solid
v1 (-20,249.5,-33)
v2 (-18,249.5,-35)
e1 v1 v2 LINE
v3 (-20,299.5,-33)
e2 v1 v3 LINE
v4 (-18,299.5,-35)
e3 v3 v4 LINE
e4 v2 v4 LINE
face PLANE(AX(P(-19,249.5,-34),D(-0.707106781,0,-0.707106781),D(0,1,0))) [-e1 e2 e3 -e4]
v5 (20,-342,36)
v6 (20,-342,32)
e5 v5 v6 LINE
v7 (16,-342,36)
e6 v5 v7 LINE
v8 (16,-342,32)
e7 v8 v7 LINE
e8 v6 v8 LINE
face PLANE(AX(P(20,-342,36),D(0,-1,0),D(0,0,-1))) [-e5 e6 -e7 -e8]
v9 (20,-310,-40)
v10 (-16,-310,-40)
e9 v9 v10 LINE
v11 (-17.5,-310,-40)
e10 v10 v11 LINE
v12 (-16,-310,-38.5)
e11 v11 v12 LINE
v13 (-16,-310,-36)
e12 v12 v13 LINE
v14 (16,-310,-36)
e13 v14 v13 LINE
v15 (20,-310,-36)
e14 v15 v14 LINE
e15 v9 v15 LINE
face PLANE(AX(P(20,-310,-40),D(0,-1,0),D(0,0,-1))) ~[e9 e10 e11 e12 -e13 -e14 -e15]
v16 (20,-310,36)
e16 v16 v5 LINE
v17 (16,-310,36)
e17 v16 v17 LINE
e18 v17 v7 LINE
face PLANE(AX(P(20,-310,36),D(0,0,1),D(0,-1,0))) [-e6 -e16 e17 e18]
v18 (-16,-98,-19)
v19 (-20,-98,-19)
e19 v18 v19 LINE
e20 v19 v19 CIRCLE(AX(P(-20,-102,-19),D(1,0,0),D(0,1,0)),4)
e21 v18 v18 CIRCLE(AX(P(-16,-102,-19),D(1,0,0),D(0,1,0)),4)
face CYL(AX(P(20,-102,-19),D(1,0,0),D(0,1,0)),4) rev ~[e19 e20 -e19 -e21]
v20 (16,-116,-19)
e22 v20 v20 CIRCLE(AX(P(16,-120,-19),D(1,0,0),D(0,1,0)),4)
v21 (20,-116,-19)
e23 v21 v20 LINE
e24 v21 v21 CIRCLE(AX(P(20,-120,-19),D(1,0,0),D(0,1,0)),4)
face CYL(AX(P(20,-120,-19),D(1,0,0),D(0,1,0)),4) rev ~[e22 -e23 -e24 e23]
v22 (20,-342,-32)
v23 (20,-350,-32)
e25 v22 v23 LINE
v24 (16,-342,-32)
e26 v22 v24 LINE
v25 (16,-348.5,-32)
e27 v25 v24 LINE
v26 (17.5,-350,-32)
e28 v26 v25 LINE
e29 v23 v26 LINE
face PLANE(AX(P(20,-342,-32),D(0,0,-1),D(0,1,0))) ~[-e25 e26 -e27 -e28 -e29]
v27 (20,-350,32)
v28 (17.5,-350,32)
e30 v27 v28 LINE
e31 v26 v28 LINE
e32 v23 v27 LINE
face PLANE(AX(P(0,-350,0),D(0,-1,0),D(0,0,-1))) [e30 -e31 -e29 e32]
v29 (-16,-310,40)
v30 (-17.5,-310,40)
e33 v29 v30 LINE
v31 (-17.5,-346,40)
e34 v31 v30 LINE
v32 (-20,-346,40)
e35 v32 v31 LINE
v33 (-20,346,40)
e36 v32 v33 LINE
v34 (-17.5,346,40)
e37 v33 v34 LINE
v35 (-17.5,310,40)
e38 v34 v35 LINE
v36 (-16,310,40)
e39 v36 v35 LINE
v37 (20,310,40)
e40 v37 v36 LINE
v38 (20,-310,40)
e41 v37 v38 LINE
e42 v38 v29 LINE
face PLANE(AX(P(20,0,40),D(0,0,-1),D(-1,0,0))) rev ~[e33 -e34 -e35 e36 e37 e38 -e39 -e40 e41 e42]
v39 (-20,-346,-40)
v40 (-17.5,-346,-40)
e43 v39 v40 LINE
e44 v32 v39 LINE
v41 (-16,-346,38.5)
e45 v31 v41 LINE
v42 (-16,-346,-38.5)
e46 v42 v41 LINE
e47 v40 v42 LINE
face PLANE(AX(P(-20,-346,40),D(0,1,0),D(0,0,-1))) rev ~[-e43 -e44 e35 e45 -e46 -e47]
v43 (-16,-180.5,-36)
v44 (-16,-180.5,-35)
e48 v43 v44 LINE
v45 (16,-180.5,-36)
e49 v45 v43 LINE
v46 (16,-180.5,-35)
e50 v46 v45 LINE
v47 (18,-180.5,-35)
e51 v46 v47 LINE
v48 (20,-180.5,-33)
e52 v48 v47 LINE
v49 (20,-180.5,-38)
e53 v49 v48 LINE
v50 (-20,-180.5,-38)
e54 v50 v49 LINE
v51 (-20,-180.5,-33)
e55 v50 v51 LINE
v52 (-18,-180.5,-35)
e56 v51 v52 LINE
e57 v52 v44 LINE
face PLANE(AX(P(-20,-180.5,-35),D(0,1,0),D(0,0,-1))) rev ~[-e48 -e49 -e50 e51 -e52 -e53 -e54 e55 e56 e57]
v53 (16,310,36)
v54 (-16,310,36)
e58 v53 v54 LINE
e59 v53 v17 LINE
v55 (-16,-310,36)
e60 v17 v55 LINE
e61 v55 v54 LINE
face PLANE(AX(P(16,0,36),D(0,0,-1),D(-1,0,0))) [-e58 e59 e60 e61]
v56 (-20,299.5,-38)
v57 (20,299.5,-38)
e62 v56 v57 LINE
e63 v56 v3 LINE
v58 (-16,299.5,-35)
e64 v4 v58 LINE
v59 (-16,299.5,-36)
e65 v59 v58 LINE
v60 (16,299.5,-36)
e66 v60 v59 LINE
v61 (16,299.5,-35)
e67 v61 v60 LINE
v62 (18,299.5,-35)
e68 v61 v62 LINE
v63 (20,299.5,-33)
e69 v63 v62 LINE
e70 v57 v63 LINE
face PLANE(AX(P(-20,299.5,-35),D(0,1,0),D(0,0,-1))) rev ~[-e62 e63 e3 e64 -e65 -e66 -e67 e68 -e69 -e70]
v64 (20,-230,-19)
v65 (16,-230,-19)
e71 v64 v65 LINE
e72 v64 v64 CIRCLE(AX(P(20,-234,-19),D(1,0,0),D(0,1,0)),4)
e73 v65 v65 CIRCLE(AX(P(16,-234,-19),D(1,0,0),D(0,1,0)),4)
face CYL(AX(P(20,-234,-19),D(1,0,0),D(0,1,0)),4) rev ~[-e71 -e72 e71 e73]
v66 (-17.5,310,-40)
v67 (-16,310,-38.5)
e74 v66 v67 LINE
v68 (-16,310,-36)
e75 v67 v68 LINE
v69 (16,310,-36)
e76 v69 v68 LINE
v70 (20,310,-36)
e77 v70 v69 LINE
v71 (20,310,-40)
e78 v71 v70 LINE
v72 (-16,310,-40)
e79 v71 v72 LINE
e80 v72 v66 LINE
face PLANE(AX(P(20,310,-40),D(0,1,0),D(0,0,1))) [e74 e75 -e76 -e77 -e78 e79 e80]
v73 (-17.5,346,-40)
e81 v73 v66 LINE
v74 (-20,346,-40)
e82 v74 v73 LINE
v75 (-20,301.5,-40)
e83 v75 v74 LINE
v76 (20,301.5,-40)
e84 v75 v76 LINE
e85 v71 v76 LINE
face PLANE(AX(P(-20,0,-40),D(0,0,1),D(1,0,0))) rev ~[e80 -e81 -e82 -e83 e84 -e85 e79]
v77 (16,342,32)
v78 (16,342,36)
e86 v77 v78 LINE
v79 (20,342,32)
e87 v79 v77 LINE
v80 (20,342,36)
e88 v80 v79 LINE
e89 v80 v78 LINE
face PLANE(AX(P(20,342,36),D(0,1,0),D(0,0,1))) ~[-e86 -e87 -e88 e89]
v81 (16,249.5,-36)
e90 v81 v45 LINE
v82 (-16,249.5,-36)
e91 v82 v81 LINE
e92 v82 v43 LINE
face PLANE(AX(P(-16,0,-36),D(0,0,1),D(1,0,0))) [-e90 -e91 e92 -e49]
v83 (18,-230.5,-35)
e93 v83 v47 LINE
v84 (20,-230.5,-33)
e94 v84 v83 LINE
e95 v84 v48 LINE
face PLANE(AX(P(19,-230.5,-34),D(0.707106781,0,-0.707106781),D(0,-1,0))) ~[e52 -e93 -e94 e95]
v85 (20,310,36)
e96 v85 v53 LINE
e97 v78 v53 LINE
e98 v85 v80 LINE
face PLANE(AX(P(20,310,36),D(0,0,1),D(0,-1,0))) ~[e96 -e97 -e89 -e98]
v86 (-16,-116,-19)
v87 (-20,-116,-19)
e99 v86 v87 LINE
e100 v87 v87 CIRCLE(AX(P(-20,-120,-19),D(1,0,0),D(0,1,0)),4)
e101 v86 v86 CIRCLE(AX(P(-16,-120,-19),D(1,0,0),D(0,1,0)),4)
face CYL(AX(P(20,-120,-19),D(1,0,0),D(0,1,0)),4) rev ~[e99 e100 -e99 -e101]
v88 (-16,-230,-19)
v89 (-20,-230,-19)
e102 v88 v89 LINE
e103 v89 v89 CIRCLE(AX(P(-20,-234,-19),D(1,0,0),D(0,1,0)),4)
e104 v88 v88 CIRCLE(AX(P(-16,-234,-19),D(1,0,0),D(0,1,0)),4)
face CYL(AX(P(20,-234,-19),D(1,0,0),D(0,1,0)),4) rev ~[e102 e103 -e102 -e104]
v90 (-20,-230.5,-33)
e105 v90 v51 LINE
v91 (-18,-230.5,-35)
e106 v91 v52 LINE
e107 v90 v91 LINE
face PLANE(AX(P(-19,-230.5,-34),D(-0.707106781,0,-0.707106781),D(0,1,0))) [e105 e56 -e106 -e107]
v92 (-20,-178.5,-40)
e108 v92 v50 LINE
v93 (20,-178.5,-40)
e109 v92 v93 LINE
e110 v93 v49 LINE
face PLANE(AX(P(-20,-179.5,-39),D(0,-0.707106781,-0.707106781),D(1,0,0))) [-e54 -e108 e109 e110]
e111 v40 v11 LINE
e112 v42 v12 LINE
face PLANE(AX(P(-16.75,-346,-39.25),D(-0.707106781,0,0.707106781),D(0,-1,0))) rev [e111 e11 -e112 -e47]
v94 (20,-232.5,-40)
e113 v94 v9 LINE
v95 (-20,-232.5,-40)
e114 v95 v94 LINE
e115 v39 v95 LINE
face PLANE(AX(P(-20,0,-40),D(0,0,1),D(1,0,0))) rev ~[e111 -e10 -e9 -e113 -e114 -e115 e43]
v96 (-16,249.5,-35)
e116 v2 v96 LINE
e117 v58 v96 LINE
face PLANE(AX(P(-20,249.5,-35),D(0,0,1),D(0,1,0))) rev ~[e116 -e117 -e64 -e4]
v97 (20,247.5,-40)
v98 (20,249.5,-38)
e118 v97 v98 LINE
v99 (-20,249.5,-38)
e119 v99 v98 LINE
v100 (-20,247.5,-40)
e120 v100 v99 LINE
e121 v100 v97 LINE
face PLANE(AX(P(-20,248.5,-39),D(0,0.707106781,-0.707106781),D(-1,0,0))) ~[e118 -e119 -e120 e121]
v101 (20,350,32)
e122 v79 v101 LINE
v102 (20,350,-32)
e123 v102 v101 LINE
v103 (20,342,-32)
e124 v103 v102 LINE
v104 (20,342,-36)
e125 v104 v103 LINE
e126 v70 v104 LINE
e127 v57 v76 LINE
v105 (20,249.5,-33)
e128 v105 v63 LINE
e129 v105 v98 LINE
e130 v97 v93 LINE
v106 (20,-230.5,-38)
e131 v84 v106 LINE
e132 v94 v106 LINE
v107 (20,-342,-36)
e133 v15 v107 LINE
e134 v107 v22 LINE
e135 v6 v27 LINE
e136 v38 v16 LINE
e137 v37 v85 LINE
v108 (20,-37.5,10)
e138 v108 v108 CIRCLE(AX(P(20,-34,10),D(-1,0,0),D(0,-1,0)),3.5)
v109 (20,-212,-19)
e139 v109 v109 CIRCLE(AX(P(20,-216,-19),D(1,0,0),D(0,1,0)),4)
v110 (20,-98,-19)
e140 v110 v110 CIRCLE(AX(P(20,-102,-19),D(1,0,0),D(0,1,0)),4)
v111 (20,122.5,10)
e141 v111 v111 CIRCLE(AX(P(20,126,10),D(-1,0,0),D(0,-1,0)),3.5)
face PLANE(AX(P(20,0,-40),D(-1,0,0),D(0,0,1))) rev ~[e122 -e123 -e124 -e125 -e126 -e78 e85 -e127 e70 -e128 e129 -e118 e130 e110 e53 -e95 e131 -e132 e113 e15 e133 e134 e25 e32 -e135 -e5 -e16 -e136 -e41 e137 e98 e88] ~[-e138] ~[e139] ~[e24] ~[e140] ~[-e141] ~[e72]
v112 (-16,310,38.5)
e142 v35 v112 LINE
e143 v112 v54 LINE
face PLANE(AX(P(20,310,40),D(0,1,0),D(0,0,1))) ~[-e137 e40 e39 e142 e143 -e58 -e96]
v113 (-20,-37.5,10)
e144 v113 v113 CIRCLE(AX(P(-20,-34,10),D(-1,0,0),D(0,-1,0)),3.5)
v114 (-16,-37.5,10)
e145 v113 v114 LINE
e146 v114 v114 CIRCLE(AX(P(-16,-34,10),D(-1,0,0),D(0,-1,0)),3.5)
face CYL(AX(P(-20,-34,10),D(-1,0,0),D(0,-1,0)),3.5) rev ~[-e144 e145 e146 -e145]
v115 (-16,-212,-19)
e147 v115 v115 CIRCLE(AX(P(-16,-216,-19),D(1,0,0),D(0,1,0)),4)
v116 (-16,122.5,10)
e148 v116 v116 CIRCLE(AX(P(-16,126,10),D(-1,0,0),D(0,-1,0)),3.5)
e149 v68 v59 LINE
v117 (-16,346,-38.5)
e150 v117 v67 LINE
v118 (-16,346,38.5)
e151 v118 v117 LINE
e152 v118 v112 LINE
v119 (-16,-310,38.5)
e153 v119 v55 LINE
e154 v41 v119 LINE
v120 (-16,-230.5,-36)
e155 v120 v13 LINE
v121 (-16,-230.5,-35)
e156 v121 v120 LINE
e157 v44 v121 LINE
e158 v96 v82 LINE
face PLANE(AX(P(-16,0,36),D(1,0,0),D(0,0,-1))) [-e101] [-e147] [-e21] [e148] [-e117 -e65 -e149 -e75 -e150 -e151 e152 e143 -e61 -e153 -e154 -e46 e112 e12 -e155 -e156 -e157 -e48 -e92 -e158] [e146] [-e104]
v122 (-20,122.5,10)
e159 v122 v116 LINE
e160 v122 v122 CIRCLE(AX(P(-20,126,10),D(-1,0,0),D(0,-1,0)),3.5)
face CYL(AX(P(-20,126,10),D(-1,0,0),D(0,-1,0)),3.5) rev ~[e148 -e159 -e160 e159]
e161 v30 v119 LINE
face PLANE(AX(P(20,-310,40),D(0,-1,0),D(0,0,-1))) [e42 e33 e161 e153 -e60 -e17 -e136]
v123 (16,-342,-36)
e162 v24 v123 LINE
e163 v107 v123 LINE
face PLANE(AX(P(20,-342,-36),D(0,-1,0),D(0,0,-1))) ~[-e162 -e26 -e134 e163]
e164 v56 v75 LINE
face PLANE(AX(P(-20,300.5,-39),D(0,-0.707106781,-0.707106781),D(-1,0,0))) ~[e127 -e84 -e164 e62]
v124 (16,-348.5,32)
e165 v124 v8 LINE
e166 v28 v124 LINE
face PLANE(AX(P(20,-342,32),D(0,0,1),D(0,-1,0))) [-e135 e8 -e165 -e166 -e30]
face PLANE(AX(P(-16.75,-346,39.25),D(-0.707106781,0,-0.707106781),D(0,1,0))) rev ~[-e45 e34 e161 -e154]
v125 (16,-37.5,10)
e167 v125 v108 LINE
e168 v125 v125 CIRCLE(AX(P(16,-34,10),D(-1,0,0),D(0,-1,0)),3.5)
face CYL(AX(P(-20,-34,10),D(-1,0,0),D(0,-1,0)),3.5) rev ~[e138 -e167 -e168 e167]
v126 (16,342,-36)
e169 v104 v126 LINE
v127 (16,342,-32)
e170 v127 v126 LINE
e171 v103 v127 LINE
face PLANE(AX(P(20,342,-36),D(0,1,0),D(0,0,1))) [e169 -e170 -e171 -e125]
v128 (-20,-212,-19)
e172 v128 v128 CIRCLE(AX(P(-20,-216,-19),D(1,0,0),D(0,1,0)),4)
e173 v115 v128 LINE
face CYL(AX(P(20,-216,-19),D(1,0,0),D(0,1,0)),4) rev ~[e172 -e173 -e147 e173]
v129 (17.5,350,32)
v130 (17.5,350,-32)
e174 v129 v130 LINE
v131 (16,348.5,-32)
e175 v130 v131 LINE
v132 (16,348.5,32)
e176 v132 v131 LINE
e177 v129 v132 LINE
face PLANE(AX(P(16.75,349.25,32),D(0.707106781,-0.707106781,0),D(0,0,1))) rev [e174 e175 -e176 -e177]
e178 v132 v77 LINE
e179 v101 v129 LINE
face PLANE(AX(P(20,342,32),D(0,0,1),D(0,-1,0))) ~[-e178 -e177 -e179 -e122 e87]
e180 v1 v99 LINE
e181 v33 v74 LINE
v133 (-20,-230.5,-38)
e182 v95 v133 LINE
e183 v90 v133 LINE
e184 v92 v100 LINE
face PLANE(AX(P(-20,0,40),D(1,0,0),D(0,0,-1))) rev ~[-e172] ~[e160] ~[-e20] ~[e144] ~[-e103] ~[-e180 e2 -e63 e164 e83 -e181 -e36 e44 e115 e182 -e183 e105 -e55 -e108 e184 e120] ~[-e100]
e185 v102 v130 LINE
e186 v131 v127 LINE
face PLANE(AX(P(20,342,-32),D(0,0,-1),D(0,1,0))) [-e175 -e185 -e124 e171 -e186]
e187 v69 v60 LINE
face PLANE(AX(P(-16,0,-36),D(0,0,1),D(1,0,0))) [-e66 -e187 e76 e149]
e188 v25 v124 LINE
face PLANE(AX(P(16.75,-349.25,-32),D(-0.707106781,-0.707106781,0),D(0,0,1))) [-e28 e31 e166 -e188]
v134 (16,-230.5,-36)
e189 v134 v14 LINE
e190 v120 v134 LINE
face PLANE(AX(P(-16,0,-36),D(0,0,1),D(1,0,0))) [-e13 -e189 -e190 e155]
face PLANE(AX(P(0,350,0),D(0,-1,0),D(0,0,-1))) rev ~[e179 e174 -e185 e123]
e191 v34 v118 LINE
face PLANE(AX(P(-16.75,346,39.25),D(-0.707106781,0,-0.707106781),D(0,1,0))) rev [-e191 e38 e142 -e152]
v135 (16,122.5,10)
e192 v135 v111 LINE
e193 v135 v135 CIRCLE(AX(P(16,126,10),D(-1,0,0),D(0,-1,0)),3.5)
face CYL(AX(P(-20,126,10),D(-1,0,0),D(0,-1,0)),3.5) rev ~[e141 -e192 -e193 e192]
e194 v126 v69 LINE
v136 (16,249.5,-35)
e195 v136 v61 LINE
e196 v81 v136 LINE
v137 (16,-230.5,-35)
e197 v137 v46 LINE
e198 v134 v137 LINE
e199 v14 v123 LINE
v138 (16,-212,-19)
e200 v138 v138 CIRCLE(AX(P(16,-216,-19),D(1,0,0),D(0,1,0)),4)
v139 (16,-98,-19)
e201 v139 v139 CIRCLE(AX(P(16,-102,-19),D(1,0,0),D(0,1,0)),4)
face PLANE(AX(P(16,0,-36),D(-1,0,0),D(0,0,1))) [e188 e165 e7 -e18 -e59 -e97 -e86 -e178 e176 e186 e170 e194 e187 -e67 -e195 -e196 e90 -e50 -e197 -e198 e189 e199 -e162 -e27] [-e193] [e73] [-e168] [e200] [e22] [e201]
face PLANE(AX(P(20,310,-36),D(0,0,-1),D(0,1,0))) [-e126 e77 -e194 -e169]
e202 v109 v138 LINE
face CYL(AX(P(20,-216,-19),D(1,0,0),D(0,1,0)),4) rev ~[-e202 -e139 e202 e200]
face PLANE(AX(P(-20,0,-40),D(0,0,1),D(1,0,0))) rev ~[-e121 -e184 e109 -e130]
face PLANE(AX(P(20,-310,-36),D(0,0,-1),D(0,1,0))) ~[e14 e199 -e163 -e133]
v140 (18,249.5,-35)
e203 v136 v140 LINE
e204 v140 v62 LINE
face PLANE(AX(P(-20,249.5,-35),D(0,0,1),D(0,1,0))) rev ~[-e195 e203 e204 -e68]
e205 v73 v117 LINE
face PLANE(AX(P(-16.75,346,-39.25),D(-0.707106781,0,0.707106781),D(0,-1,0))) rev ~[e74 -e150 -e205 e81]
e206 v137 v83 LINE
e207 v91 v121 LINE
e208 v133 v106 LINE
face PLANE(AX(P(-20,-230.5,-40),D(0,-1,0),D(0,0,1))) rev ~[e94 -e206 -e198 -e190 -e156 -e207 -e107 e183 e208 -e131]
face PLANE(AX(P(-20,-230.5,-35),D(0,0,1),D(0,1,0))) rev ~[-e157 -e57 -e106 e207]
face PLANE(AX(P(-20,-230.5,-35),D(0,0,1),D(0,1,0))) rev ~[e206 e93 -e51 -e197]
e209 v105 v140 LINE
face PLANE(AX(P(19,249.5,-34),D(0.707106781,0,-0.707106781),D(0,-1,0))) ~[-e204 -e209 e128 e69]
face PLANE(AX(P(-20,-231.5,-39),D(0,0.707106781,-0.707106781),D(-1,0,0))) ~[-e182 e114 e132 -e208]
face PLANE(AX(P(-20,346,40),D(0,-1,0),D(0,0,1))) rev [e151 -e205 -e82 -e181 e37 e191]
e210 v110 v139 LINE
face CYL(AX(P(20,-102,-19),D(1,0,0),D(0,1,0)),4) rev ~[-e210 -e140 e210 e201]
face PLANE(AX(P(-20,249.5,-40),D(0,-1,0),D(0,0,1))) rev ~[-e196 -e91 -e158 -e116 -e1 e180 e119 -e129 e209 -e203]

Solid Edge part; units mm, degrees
sketch "Sketch1" plane through (0, 0, 0) normal (0, -1, 0) x (1, 0, 0)
  line L0 (-16, -36) -> (16, -36)
  line L1 (16, -36) -> (16, 36)
  line L2 (16, 36) -> (-16, 36)
  line L3 (-16, 36) -> (-16, -36)
  line L4 (-20, -40) -> (20, -40)
  line L5 (20, -40) -> (20, 40)
  line L6 (20, 40) -> (-20, 40)
  line L7 (-20, 40) -> (-20, -40)
  dimension "D1" = 40
  dimension "D2" = 4
  dimension "D3" = 80
  dimension "D4" = 4
extrude "Protrusion1" add sketch "Sketch1" along normal mid plane 700
sketch "Sketch2" plane through (-20, 0, 0) normal (-1, 0, 0) x (0, -1, 0)
  line L0 (180.5, -40) -> (230.5, -40)
  line L1 (230.5, -40) -> (230.5, -35)
  line L2 (230.5, -35) -> (180.5, -35)
  line L3 (180.5, -35) -> (180.5, -40)
  line L4 (-299.5, -40) -> (-249.5, -40)
  line L5 (-249.5, -40) -> (-249.5, -35)
  line L6 (-249.5, -35) -> (-299.5, -35)
  line L7 (-299.5, -35) -> (-299.5, -40)
  dimension "D1" = 50
  dimension "D2" = 5
  dimension "D3" = 75.5
  dimension "D4" = 50
  dimension "D5" = 5
  dimension "D6" = 144.5
extrude "Cutout1" cut sketch "Sketch2" against normal through all
chamfer "Chamfer1" distance 2 angle 45 2 edges at (0, -230.5, -40) (0, -180.5, -40)
chamfer "Fase_5" distance 2 angle 45 2 edges at (0, 249.5, -40) (0, 299.5, -40)
chamfer "Fase_6" distance 2 angle 45 2 edges at (20, 274.5, -35) (-20, 274.5, -35)
chamfer "Fase_7" distance 2 angle 45 2 edges at (20, -205.5, -35) (-20, -205.5, -35)
sketch "Sketch3" plane through (20, 0, 0) normal (1, 0, 0) x (0, 1, 0)
  circle A0 centre (-216, -19) radius 4
  circle A1 centre (-120, -19) radius 4
  circle A2 centre (-102, -19) radius 4
  circle A3 centre (-234, -19) radius 4
  dimension "D1" = 18
  dimension "D2" = 18
  dimension "D3" = 8
  dimension "D4" = 96
  dimension "D5" = 59
  dimension "D6" = 116
extrude "Cutout2" cut sketch "Sketch3" against normal through all
sketch "Sketch4" plane through (-20, 0, 0) normal (-1, 0, 0) x (0, -1, 0)
  circle A0 centre (-126, 10) radius 3.5
  circle A1 centre (34, 10) radius 3.5
  dimension "D1" = 7
  dimension "D2" = 160
  dimension "D3" = 30
  dimension "D4" = 224
extrude "Cutout3" cut sketch "Sketch4" against normal through all
sketch "Sketch5" plane through (-20, -2, 0) normal (-1, 0, 0) x (0, -1, 0)
  line L0 (348, 40) -> (344, 40)
  line L1 (344, 40) -> (344, -40)
  line L2 (344, -40) -> (348, -40)
  line L3 (348, -40) -> (348, 40)
  dimension "D1" = 4
extrude "Cutout4" cut sketch "Sketch5" against normal up to vertex (36 mm away)
sketch "Sketch6" plane through (20, 0, 0) normal (1, 0, 0) x (0, 1, 0)
  line L0 (-350, 40) -> (-310, 40)
  line L1 (-310, 40) -> (-310, 36)
  line L2 (-310, 36) -> (-342, 36)
  line L3 (-342, 36) -> (-342, 32)
  line L4 (-342, 32) -> (-350, 32)
  line L5 (-350, 32) -> (-350, 40)
  dimension "D1" = 4
  dimension "D2" = 40
  dimension "D3" = 32
  dimension "D4" = 4
extrude "Cutout5" cut sketch "Sketch6" against normal blind 36
mirror "Mirror1" about plane through (0, 0, 0) normal (0, 0, 1) of "Cutout5"
mirror "Mirror2" about plane through (0, 0, 0) normal (0, -1, 0) of "Cutout4", "Cutout5", "Mirror1"
chamfer "Fase_11" distance 1.5 angle 45 4 edges at (-16, -328, 40) (-16, -328, -40) (-16, 328, 40) (-16, 328, -40)
chamfer "Fase_13" distance 1.5 angle 45 2 edges at (16, -350, 0) (16, 350, 0)
properties material "Aluminium, 6061-T6"
